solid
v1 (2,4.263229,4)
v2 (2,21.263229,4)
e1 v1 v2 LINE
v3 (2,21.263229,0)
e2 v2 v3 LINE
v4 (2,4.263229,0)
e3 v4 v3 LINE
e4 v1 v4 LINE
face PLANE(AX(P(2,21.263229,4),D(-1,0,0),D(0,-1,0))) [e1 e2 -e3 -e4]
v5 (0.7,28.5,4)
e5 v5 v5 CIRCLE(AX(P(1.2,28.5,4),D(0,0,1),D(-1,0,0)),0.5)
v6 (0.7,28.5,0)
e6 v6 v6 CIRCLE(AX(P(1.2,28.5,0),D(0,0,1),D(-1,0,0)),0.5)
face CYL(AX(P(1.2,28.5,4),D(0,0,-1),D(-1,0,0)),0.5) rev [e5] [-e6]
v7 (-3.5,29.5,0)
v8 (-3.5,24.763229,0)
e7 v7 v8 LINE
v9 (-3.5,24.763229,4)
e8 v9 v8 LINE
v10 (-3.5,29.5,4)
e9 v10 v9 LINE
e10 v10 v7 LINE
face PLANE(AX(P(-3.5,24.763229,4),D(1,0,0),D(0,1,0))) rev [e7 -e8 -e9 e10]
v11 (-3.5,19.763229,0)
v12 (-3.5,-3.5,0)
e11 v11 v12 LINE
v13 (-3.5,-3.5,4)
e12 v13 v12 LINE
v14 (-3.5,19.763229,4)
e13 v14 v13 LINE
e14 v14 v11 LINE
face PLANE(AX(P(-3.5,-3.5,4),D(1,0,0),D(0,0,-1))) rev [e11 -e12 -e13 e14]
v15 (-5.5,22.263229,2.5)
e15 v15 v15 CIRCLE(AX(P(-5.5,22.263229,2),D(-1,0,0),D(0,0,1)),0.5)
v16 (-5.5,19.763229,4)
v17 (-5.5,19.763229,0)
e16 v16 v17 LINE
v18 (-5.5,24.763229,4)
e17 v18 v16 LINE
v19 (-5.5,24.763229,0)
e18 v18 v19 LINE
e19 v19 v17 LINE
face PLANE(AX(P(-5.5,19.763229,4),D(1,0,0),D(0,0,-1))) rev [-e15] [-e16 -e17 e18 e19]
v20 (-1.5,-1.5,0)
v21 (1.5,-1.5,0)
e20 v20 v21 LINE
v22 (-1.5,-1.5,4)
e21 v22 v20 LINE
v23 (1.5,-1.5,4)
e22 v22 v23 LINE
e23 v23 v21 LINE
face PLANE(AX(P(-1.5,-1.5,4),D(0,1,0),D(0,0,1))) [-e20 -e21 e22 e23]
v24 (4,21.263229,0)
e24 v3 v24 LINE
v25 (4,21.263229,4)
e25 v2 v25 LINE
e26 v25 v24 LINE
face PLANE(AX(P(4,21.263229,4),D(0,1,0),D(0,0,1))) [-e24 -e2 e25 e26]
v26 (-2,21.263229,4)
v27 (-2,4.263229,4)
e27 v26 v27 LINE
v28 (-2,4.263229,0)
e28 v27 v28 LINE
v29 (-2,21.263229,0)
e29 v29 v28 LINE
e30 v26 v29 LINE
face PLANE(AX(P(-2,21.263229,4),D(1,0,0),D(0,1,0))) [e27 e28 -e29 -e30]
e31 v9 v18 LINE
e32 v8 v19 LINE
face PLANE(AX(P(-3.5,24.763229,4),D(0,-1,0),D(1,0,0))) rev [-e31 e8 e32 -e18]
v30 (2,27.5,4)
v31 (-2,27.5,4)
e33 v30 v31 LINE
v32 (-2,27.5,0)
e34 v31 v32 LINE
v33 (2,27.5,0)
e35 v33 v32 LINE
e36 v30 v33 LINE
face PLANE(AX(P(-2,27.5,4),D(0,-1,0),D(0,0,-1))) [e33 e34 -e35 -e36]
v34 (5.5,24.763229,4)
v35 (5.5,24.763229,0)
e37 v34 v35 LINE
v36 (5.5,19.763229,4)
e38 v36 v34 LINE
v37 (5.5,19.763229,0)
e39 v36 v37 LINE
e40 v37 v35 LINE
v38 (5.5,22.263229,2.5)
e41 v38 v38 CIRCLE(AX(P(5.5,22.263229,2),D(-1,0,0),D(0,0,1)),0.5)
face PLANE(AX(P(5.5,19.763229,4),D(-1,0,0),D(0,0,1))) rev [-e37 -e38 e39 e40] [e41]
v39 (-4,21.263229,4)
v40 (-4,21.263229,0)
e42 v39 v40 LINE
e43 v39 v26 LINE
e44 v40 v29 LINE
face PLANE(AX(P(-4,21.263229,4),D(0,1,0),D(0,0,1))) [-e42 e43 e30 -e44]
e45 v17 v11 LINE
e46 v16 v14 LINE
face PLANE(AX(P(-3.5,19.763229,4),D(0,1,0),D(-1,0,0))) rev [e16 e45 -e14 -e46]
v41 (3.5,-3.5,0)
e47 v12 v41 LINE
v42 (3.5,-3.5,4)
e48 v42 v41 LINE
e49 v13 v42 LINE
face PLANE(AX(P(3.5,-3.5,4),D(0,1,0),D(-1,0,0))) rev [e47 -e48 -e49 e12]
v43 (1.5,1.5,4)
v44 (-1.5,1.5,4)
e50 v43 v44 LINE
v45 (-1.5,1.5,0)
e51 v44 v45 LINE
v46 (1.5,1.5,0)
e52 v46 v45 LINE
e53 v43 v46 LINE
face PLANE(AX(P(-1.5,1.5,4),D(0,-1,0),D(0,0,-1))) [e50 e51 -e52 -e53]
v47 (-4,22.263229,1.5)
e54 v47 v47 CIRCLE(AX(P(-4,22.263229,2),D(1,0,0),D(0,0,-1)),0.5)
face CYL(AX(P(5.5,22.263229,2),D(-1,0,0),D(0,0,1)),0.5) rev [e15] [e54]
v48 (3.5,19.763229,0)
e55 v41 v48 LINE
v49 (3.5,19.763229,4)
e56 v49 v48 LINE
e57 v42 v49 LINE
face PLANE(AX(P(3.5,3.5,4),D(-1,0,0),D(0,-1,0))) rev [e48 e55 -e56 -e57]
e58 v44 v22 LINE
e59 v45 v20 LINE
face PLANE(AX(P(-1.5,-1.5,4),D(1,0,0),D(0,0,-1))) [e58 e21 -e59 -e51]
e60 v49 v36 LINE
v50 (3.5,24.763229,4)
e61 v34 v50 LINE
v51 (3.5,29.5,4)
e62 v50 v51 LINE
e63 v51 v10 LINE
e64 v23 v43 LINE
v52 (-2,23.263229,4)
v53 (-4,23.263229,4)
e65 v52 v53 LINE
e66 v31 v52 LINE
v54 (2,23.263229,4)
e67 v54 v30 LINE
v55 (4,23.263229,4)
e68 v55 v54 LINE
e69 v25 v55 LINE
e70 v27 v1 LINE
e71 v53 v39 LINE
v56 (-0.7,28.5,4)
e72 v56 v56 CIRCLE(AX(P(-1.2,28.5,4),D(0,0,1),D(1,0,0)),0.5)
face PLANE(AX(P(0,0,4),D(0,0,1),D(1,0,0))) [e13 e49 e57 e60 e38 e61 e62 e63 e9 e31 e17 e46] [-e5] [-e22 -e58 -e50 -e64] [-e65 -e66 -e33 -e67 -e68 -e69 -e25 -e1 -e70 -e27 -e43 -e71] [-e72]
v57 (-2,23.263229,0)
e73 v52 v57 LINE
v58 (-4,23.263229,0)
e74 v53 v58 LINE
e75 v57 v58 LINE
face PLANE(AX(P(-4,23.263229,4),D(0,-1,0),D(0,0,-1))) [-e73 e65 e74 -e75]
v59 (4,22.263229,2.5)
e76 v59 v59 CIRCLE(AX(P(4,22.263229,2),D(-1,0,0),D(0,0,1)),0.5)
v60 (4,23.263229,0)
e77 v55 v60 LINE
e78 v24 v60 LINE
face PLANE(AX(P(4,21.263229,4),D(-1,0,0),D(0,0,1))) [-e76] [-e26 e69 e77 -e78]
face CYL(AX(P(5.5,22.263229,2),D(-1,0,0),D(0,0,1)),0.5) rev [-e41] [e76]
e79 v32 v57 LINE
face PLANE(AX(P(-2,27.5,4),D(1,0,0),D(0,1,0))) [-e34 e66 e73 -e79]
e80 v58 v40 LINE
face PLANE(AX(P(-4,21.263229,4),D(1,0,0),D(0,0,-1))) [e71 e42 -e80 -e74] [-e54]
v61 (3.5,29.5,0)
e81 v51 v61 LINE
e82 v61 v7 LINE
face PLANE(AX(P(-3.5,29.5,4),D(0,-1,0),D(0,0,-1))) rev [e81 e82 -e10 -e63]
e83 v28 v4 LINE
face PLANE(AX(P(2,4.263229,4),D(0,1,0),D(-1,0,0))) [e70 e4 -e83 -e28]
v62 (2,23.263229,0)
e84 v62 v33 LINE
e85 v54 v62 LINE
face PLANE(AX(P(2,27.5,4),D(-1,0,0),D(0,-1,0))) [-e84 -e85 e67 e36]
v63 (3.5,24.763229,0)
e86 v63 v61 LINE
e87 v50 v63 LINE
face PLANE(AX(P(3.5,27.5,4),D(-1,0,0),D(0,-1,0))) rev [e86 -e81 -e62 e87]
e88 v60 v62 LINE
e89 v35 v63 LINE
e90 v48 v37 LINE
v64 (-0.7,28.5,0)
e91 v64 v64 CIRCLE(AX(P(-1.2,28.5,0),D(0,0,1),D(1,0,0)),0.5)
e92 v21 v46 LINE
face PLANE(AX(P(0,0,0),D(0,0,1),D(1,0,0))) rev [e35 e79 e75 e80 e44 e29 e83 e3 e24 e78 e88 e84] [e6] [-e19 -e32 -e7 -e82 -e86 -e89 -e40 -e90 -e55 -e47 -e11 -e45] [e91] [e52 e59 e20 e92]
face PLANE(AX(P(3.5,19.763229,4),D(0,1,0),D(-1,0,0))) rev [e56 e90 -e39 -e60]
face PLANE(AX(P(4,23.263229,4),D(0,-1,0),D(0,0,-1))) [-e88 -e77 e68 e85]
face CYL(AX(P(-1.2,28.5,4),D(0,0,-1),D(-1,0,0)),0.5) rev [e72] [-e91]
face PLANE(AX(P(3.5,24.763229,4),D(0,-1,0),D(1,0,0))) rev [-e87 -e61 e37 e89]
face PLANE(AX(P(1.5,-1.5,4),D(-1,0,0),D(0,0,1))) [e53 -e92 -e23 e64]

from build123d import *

# Parameters (mm, degrees)
SKETCH1_R           = 0.5
SKETCH1_W           = 3
SKETCH1_H           = 3
BOSS_EXTRUDE1_DEPTH = 4
SKETCH_1_R          = 0.5
CUT_EXTRUDE_1_DEPTH = 12


with BuildPart() as part:
    # Sketch1 → Boss-Extrude1 (new body)
    with BuildSketch(Plane.XY):
        Polygon((3.5, -3.5), (-3.5, -3.5), (-3.5, 3.5), (-3.5, 19.763228949), (-5.5, 19.763228949), (-5.5, 24.763228949), (-3.5, 24.763228949), (-3.5, 27.5), (-3.5, 29.5), (3.5, 29.5), (3.5, 27.5), (3.5, 24.763228949), (5.5, 24.763228949), (5.5, 19.763228949), (3.5, 19.763228949), (3.5, 3.5), align=None)
        with Locations((-1.2, 28.5)):
            Circle(SKETCH1_R, mode=Mode.SUBTRACT)
        with Locations((1.2, 28.5)):
            Circle(SKETCH1_R, mode=Mode.SUBTRACT)
        Polygon((2, 4.263228949), (-2, 4.263228949), (-2, 21.263228949), (-4, 21.263228949), (-4, 23.263228949), (-2, 23.263228949), (-2, 27.5), (2, 27.5), (2, 23.263228949), (4, 23.263228949), (4, 21.263228949), (2, 21.263228949), align=None, mode=Mode.SUBTRACT)
        Rectangle(SKETCH1_W, SKETCH1_H, mode=Mode.SUBTRACT)
    extrude(amount=BOSS_EXTRUDE1_DEPTH)

    # 草图1 → 切除-拉伸1 (cut, through all)
    with BuildSketch(Plane.ZY.offset(5.5)):
        with Locations((2, 22.263228949)):
            Circle(SKETCH_1_R)
    extrude(amount=-CUT_EXTRUDE_1_DEPTH, mode=Mode.SUBTRACT)


solid = part.part
